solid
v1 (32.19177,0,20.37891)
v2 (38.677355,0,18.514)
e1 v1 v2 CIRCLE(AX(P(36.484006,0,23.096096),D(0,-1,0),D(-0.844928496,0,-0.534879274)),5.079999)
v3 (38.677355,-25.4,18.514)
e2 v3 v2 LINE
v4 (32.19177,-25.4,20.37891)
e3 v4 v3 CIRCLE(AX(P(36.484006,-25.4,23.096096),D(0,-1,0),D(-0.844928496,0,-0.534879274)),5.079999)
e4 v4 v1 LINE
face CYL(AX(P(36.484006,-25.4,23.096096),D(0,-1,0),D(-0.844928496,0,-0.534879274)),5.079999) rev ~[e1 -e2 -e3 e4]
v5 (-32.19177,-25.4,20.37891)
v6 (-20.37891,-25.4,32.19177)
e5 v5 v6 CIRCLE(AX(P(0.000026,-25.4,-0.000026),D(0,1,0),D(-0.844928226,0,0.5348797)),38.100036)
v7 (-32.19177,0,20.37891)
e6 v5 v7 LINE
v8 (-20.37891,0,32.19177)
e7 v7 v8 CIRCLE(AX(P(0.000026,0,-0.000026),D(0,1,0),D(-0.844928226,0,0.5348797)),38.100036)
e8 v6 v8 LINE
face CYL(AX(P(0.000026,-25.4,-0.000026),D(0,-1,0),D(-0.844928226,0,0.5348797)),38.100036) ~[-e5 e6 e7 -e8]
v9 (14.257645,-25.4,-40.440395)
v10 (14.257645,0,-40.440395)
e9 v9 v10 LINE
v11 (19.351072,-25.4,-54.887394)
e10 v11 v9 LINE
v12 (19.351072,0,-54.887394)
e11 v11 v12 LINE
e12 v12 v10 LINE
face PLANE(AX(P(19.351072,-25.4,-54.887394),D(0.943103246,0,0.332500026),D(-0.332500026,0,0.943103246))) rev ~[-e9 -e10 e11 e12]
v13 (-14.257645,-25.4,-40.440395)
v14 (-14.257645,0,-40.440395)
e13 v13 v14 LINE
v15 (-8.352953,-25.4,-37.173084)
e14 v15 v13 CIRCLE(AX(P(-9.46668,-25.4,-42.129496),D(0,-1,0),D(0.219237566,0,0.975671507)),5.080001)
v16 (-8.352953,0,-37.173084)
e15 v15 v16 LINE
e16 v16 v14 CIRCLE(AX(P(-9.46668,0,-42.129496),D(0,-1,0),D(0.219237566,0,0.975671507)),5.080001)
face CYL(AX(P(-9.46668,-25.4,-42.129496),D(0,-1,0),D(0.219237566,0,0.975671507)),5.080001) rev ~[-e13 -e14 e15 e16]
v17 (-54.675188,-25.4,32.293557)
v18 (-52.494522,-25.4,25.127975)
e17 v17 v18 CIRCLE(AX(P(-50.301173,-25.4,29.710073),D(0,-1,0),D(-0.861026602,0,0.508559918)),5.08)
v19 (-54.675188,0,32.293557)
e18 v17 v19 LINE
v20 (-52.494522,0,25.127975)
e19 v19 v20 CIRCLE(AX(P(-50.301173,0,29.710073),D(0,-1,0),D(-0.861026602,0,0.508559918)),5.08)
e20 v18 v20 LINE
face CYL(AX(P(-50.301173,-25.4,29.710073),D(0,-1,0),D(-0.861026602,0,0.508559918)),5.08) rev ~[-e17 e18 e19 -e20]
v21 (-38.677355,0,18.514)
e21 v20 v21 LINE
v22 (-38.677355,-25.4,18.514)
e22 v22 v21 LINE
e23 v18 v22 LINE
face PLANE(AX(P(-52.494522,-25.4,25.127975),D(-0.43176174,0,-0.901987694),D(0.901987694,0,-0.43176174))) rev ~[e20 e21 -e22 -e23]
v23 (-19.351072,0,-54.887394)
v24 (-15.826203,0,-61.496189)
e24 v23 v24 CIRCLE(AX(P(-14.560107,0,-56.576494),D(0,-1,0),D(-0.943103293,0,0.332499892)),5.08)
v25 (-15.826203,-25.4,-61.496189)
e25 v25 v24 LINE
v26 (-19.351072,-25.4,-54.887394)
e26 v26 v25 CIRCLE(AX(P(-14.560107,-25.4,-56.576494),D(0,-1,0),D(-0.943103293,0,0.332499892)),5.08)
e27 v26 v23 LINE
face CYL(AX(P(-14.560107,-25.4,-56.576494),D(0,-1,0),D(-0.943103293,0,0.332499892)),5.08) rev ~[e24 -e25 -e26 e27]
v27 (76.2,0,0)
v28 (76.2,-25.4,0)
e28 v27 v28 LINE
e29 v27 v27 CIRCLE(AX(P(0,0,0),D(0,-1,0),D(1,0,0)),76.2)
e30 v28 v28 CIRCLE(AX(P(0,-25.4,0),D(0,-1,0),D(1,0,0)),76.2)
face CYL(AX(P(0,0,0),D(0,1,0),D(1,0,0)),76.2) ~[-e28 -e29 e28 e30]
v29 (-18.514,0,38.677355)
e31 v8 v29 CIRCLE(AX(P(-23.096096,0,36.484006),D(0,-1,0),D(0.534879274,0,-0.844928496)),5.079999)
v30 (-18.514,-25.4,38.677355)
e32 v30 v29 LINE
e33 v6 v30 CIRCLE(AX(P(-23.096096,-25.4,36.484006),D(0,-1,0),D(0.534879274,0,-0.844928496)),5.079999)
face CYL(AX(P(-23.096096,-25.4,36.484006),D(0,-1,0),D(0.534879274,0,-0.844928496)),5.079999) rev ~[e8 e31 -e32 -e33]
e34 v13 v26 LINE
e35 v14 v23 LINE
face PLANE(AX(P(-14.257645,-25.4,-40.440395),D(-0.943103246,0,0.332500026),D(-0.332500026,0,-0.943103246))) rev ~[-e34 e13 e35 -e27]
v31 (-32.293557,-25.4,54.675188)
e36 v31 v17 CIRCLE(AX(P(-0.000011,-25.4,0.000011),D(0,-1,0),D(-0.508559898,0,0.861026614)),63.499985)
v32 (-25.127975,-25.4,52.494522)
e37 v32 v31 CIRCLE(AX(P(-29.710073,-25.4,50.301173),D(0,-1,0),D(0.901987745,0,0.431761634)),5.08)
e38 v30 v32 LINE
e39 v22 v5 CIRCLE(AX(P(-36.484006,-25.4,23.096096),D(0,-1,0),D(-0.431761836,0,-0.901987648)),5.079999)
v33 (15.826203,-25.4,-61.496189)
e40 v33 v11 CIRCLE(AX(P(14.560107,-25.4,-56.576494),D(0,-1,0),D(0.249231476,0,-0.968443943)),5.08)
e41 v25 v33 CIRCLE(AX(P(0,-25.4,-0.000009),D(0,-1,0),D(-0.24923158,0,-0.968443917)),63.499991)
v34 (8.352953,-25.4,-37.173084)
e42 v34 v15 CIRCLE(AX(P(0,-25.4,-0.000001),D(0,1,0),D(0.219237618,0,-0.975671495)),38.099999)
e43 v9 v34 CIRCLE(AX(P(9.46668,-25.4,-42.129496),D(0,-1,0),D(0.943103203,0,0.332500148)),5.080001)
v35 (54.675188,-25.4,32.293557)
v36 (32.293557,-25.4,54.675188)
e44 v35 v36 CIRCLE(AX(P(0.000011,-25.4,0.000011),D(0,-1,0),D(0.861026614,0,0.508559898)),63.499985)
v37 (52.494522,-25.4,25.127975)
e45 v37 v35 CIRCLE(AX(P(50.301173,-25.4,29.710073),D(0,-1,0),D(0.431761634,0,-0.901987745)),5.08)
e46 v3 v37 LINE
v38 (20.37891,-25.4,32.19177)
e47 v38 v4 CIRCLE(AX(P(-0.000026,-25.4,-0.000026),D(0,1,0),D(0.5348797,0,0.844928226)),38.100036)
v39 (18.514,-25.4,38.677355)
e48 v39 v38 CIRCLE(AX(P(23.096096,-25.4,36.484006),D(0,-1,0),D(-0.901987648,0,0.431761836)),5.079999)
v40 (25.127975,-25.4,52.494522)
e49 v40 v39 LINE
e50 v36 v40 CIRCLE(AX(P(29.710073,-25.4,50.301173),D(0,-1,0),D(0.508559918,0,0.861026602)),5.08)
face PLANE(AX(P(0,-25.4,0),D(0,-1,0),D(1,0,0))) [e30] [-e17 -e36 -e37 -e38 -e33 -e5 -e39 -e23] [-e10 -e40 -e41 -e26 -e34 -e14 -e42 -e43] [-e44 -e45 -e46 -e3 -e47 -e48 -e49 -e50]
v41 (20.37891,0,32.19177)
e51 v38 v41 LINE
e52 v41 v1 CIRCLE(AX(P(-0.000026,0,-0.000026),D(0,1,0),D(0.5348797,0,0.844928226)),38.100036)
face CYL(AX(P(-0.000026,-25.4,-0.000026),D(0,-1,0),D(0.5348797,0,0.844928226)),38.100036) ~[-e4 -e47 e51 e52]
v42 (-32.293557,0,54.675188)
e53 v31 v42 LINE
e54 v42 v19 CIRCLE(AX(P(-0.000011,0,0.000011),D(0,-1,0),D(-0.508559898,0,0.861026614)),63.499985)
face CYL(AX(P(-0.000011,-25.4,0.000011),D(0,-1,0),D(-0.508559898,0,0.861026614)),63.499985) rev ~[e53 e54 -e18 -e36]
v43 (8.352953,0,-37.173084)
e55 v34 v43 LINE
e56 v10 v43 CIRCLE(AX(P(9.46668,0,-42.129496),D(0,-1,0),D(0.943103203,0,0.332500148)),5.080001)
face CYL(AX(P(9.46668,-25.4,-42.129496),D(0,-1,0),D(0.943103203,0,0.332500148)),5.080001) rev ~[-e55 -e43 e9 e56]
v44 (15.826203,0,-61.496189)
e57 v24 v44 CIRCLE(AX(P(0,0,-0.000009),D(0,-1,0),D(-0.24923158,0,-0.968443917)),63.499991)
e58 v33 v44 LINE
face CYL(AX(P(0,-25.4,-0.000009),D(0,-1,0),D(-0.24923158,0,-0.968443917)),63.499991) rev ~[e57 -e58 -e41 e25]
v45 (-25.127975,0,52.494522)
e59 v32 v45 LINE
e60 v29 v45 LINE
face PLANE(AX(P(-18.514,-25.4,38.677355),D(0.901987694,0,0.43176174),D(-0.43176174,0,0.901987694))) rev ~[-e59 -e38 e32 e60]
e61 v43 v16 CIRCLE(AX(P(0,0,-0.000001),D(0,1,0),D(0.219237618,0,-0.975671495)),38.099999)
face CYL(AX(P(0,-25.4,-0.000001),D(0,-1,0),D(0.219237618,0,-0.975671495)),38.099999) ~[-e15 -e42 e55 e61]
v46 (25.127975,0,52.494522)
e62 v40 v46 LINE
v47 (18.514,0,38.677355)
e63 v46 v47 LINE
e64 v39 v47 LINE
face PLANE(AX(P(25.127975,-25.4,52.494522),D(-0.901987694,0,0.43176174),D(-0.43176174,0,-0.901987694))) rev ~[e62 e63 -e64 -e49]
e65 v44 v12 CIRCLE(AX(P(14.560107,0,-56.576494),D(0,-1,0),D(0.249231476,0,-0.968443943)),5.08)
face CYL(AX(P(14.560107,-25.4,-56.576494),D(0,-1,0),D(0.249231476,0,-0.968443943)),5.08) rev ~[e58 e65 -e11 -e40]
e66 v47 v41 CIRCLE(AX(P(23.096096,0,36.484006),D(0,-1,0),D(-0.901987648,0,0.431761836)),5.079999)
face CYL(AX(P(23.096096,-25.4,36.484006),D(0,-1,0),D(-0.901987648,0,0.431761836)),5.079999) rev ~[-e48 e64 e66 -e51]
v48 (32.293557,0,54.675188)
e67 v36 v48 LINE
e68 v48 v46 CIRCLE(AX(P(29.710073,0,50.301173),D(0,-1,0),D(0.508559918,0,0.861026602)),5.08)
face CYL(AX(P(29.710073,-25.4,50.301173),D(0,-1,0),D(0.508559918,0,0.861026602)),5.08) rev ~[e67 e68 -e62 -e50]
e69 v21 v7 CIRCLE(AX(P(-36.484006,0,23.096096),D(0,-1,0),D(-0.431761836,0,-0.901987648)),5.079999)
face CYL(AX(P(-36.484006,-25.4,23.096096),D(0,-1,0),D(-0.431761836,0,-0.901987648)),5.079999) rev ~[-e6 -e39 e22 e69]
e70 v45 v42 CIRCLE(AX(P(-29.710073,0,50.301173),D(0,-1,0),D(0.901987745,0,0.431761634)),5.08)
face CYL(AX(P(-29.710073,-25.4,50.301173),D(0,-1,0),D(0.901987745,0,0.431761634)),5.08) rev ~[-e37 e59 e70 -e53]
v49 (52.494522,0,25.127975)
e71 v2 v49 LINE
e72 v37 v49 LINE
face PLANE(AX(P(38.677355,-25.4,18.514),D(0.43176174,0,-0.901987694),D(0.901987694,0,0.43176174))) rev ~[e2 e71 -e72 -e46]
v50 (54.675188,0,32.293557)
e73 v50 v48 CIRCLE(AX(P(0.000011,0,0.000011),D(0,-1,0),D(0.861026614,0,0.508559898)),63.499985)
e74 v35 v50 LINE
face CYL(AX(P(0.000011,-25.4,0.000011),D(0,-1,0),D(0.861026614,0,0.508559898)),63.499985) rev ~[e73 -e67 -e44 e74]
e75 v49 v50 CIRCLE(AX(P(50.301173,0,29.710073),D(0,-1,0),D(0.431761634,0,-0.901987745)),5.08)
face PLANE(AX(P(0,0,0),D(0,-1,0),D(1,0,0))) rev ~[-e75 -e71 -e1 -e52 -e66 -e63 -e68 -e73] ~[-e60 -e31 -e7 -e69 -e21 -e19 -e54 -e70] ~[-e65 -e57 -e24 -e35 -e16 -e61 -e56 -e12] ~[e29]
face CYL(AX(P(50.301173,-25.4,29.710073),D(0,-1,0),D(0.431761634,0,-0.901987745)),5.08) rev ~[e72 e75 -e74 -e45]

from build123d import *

# Parameters (mm, degrees)
F0_R     = 76.2
F1_DEPTH = 25.4
F3_DEPTH = 25.4


with BuildPart() as f1:
    # F0 (on Front) → F1 (new body)
    with BuildSketch(Plane.XZ):
        Circle(F0_R)
    extrude(amount=F1_DEPTH)

    # F2 (on face) → F3 (cut)
    with BuildSketch(Plane.XZ.offset(25.4)):
        with BuildLine():
            Line((-52.494522, 25.127975), (-38.677355, 18.514))
            ThreePointArc((-38.677355, 18.514), (-35.080153, 18.213926), (-32.19177, 20.37891))
            ThreePointArc((-32.19177, 20.37891), (-26.940768, 26.940768), (-20.37891, 32.19177))
            ThreePointArc((-20.37891, 32.19177), (-18.213926, 35.080153), (-18.514, 38.677355))
            Line((-18.514, 38.677355), (-25.127975, 52.494522))
            ThreePointArc((-25.127975, 52.494522), (-28.231073, 55.161107), (-32.293557, 54.675188))
            ThreePointArc((-32.293557, 54.675188), (-44.901281, 44.901281), (-54.675188, 32.293557))
            ThreePointArc((-54.675188, 32.293557), (-55.161107, 28.231073), (-52.494522, 25.127975))
        make_face()
        with BuildLine():
            Line((19.351072, -54.887394), (14.257645, -40.440395))
            ThreePointArc((14.257645, -40.440395), (11.926223, -37.684605), (8.352953, -37.173084))
            ThreePointArc((8.352953, -37.173084), (0, -38.1), (-8.352953, -37.173084))
            ThreePointArc((-8.352953, -37.173084), (-11.926223, -37.684605), (-14.257645, -40.440395))
            Line((-14.257645, -40.440395), (-19.351072, -54.887394))
            ThreePointArc((-19.351072, -54.887394), (-19.04241, -58.967176), (-15.826203, -61.496189))
            ThreePointArc((-15.826203, -61.496189), (0, -63.5), (15.826203, -61.496189))
            ThreePointArc((15.826203, -61.496189), (19.04241, -58.967176), (19.351072, -54.887394))
        make_face()
        with BuildLine():
            Line((25.127975, 52.494522), (18.514, 38.677355))
            ThreePointArc((18.514, 38.677355), (18.213926, 35.080153), (20.37891, 32.19177))
            ThreePointArc((20.37891, 32.19177), (26.940768, 26.940768), (32.19177, 20.37891))
            ThreePointArc((32.19177, 20.37891), (35.080153, 18.213926), (38.677355, 18.514))
            Line((38.677355, 18.514), (52.494522, 25.127975))
            ThreePointArc((52.494522, 25.127975), (55.161107, 28.231073), (54.675188, 32.293557))
            ThreePointArc((54.675188, 32.293557), (44.901281, 44.901281), (32.293557, 54.675188))
            ThreePointArc((32.293557, 54.675188), (28.231073, 55.161107), (25.127975, 52.494522))
        make_face()
    extrude(amount=-F3_DEPTH, mode=Mode.SUBTRACT)


solid = f1.part
